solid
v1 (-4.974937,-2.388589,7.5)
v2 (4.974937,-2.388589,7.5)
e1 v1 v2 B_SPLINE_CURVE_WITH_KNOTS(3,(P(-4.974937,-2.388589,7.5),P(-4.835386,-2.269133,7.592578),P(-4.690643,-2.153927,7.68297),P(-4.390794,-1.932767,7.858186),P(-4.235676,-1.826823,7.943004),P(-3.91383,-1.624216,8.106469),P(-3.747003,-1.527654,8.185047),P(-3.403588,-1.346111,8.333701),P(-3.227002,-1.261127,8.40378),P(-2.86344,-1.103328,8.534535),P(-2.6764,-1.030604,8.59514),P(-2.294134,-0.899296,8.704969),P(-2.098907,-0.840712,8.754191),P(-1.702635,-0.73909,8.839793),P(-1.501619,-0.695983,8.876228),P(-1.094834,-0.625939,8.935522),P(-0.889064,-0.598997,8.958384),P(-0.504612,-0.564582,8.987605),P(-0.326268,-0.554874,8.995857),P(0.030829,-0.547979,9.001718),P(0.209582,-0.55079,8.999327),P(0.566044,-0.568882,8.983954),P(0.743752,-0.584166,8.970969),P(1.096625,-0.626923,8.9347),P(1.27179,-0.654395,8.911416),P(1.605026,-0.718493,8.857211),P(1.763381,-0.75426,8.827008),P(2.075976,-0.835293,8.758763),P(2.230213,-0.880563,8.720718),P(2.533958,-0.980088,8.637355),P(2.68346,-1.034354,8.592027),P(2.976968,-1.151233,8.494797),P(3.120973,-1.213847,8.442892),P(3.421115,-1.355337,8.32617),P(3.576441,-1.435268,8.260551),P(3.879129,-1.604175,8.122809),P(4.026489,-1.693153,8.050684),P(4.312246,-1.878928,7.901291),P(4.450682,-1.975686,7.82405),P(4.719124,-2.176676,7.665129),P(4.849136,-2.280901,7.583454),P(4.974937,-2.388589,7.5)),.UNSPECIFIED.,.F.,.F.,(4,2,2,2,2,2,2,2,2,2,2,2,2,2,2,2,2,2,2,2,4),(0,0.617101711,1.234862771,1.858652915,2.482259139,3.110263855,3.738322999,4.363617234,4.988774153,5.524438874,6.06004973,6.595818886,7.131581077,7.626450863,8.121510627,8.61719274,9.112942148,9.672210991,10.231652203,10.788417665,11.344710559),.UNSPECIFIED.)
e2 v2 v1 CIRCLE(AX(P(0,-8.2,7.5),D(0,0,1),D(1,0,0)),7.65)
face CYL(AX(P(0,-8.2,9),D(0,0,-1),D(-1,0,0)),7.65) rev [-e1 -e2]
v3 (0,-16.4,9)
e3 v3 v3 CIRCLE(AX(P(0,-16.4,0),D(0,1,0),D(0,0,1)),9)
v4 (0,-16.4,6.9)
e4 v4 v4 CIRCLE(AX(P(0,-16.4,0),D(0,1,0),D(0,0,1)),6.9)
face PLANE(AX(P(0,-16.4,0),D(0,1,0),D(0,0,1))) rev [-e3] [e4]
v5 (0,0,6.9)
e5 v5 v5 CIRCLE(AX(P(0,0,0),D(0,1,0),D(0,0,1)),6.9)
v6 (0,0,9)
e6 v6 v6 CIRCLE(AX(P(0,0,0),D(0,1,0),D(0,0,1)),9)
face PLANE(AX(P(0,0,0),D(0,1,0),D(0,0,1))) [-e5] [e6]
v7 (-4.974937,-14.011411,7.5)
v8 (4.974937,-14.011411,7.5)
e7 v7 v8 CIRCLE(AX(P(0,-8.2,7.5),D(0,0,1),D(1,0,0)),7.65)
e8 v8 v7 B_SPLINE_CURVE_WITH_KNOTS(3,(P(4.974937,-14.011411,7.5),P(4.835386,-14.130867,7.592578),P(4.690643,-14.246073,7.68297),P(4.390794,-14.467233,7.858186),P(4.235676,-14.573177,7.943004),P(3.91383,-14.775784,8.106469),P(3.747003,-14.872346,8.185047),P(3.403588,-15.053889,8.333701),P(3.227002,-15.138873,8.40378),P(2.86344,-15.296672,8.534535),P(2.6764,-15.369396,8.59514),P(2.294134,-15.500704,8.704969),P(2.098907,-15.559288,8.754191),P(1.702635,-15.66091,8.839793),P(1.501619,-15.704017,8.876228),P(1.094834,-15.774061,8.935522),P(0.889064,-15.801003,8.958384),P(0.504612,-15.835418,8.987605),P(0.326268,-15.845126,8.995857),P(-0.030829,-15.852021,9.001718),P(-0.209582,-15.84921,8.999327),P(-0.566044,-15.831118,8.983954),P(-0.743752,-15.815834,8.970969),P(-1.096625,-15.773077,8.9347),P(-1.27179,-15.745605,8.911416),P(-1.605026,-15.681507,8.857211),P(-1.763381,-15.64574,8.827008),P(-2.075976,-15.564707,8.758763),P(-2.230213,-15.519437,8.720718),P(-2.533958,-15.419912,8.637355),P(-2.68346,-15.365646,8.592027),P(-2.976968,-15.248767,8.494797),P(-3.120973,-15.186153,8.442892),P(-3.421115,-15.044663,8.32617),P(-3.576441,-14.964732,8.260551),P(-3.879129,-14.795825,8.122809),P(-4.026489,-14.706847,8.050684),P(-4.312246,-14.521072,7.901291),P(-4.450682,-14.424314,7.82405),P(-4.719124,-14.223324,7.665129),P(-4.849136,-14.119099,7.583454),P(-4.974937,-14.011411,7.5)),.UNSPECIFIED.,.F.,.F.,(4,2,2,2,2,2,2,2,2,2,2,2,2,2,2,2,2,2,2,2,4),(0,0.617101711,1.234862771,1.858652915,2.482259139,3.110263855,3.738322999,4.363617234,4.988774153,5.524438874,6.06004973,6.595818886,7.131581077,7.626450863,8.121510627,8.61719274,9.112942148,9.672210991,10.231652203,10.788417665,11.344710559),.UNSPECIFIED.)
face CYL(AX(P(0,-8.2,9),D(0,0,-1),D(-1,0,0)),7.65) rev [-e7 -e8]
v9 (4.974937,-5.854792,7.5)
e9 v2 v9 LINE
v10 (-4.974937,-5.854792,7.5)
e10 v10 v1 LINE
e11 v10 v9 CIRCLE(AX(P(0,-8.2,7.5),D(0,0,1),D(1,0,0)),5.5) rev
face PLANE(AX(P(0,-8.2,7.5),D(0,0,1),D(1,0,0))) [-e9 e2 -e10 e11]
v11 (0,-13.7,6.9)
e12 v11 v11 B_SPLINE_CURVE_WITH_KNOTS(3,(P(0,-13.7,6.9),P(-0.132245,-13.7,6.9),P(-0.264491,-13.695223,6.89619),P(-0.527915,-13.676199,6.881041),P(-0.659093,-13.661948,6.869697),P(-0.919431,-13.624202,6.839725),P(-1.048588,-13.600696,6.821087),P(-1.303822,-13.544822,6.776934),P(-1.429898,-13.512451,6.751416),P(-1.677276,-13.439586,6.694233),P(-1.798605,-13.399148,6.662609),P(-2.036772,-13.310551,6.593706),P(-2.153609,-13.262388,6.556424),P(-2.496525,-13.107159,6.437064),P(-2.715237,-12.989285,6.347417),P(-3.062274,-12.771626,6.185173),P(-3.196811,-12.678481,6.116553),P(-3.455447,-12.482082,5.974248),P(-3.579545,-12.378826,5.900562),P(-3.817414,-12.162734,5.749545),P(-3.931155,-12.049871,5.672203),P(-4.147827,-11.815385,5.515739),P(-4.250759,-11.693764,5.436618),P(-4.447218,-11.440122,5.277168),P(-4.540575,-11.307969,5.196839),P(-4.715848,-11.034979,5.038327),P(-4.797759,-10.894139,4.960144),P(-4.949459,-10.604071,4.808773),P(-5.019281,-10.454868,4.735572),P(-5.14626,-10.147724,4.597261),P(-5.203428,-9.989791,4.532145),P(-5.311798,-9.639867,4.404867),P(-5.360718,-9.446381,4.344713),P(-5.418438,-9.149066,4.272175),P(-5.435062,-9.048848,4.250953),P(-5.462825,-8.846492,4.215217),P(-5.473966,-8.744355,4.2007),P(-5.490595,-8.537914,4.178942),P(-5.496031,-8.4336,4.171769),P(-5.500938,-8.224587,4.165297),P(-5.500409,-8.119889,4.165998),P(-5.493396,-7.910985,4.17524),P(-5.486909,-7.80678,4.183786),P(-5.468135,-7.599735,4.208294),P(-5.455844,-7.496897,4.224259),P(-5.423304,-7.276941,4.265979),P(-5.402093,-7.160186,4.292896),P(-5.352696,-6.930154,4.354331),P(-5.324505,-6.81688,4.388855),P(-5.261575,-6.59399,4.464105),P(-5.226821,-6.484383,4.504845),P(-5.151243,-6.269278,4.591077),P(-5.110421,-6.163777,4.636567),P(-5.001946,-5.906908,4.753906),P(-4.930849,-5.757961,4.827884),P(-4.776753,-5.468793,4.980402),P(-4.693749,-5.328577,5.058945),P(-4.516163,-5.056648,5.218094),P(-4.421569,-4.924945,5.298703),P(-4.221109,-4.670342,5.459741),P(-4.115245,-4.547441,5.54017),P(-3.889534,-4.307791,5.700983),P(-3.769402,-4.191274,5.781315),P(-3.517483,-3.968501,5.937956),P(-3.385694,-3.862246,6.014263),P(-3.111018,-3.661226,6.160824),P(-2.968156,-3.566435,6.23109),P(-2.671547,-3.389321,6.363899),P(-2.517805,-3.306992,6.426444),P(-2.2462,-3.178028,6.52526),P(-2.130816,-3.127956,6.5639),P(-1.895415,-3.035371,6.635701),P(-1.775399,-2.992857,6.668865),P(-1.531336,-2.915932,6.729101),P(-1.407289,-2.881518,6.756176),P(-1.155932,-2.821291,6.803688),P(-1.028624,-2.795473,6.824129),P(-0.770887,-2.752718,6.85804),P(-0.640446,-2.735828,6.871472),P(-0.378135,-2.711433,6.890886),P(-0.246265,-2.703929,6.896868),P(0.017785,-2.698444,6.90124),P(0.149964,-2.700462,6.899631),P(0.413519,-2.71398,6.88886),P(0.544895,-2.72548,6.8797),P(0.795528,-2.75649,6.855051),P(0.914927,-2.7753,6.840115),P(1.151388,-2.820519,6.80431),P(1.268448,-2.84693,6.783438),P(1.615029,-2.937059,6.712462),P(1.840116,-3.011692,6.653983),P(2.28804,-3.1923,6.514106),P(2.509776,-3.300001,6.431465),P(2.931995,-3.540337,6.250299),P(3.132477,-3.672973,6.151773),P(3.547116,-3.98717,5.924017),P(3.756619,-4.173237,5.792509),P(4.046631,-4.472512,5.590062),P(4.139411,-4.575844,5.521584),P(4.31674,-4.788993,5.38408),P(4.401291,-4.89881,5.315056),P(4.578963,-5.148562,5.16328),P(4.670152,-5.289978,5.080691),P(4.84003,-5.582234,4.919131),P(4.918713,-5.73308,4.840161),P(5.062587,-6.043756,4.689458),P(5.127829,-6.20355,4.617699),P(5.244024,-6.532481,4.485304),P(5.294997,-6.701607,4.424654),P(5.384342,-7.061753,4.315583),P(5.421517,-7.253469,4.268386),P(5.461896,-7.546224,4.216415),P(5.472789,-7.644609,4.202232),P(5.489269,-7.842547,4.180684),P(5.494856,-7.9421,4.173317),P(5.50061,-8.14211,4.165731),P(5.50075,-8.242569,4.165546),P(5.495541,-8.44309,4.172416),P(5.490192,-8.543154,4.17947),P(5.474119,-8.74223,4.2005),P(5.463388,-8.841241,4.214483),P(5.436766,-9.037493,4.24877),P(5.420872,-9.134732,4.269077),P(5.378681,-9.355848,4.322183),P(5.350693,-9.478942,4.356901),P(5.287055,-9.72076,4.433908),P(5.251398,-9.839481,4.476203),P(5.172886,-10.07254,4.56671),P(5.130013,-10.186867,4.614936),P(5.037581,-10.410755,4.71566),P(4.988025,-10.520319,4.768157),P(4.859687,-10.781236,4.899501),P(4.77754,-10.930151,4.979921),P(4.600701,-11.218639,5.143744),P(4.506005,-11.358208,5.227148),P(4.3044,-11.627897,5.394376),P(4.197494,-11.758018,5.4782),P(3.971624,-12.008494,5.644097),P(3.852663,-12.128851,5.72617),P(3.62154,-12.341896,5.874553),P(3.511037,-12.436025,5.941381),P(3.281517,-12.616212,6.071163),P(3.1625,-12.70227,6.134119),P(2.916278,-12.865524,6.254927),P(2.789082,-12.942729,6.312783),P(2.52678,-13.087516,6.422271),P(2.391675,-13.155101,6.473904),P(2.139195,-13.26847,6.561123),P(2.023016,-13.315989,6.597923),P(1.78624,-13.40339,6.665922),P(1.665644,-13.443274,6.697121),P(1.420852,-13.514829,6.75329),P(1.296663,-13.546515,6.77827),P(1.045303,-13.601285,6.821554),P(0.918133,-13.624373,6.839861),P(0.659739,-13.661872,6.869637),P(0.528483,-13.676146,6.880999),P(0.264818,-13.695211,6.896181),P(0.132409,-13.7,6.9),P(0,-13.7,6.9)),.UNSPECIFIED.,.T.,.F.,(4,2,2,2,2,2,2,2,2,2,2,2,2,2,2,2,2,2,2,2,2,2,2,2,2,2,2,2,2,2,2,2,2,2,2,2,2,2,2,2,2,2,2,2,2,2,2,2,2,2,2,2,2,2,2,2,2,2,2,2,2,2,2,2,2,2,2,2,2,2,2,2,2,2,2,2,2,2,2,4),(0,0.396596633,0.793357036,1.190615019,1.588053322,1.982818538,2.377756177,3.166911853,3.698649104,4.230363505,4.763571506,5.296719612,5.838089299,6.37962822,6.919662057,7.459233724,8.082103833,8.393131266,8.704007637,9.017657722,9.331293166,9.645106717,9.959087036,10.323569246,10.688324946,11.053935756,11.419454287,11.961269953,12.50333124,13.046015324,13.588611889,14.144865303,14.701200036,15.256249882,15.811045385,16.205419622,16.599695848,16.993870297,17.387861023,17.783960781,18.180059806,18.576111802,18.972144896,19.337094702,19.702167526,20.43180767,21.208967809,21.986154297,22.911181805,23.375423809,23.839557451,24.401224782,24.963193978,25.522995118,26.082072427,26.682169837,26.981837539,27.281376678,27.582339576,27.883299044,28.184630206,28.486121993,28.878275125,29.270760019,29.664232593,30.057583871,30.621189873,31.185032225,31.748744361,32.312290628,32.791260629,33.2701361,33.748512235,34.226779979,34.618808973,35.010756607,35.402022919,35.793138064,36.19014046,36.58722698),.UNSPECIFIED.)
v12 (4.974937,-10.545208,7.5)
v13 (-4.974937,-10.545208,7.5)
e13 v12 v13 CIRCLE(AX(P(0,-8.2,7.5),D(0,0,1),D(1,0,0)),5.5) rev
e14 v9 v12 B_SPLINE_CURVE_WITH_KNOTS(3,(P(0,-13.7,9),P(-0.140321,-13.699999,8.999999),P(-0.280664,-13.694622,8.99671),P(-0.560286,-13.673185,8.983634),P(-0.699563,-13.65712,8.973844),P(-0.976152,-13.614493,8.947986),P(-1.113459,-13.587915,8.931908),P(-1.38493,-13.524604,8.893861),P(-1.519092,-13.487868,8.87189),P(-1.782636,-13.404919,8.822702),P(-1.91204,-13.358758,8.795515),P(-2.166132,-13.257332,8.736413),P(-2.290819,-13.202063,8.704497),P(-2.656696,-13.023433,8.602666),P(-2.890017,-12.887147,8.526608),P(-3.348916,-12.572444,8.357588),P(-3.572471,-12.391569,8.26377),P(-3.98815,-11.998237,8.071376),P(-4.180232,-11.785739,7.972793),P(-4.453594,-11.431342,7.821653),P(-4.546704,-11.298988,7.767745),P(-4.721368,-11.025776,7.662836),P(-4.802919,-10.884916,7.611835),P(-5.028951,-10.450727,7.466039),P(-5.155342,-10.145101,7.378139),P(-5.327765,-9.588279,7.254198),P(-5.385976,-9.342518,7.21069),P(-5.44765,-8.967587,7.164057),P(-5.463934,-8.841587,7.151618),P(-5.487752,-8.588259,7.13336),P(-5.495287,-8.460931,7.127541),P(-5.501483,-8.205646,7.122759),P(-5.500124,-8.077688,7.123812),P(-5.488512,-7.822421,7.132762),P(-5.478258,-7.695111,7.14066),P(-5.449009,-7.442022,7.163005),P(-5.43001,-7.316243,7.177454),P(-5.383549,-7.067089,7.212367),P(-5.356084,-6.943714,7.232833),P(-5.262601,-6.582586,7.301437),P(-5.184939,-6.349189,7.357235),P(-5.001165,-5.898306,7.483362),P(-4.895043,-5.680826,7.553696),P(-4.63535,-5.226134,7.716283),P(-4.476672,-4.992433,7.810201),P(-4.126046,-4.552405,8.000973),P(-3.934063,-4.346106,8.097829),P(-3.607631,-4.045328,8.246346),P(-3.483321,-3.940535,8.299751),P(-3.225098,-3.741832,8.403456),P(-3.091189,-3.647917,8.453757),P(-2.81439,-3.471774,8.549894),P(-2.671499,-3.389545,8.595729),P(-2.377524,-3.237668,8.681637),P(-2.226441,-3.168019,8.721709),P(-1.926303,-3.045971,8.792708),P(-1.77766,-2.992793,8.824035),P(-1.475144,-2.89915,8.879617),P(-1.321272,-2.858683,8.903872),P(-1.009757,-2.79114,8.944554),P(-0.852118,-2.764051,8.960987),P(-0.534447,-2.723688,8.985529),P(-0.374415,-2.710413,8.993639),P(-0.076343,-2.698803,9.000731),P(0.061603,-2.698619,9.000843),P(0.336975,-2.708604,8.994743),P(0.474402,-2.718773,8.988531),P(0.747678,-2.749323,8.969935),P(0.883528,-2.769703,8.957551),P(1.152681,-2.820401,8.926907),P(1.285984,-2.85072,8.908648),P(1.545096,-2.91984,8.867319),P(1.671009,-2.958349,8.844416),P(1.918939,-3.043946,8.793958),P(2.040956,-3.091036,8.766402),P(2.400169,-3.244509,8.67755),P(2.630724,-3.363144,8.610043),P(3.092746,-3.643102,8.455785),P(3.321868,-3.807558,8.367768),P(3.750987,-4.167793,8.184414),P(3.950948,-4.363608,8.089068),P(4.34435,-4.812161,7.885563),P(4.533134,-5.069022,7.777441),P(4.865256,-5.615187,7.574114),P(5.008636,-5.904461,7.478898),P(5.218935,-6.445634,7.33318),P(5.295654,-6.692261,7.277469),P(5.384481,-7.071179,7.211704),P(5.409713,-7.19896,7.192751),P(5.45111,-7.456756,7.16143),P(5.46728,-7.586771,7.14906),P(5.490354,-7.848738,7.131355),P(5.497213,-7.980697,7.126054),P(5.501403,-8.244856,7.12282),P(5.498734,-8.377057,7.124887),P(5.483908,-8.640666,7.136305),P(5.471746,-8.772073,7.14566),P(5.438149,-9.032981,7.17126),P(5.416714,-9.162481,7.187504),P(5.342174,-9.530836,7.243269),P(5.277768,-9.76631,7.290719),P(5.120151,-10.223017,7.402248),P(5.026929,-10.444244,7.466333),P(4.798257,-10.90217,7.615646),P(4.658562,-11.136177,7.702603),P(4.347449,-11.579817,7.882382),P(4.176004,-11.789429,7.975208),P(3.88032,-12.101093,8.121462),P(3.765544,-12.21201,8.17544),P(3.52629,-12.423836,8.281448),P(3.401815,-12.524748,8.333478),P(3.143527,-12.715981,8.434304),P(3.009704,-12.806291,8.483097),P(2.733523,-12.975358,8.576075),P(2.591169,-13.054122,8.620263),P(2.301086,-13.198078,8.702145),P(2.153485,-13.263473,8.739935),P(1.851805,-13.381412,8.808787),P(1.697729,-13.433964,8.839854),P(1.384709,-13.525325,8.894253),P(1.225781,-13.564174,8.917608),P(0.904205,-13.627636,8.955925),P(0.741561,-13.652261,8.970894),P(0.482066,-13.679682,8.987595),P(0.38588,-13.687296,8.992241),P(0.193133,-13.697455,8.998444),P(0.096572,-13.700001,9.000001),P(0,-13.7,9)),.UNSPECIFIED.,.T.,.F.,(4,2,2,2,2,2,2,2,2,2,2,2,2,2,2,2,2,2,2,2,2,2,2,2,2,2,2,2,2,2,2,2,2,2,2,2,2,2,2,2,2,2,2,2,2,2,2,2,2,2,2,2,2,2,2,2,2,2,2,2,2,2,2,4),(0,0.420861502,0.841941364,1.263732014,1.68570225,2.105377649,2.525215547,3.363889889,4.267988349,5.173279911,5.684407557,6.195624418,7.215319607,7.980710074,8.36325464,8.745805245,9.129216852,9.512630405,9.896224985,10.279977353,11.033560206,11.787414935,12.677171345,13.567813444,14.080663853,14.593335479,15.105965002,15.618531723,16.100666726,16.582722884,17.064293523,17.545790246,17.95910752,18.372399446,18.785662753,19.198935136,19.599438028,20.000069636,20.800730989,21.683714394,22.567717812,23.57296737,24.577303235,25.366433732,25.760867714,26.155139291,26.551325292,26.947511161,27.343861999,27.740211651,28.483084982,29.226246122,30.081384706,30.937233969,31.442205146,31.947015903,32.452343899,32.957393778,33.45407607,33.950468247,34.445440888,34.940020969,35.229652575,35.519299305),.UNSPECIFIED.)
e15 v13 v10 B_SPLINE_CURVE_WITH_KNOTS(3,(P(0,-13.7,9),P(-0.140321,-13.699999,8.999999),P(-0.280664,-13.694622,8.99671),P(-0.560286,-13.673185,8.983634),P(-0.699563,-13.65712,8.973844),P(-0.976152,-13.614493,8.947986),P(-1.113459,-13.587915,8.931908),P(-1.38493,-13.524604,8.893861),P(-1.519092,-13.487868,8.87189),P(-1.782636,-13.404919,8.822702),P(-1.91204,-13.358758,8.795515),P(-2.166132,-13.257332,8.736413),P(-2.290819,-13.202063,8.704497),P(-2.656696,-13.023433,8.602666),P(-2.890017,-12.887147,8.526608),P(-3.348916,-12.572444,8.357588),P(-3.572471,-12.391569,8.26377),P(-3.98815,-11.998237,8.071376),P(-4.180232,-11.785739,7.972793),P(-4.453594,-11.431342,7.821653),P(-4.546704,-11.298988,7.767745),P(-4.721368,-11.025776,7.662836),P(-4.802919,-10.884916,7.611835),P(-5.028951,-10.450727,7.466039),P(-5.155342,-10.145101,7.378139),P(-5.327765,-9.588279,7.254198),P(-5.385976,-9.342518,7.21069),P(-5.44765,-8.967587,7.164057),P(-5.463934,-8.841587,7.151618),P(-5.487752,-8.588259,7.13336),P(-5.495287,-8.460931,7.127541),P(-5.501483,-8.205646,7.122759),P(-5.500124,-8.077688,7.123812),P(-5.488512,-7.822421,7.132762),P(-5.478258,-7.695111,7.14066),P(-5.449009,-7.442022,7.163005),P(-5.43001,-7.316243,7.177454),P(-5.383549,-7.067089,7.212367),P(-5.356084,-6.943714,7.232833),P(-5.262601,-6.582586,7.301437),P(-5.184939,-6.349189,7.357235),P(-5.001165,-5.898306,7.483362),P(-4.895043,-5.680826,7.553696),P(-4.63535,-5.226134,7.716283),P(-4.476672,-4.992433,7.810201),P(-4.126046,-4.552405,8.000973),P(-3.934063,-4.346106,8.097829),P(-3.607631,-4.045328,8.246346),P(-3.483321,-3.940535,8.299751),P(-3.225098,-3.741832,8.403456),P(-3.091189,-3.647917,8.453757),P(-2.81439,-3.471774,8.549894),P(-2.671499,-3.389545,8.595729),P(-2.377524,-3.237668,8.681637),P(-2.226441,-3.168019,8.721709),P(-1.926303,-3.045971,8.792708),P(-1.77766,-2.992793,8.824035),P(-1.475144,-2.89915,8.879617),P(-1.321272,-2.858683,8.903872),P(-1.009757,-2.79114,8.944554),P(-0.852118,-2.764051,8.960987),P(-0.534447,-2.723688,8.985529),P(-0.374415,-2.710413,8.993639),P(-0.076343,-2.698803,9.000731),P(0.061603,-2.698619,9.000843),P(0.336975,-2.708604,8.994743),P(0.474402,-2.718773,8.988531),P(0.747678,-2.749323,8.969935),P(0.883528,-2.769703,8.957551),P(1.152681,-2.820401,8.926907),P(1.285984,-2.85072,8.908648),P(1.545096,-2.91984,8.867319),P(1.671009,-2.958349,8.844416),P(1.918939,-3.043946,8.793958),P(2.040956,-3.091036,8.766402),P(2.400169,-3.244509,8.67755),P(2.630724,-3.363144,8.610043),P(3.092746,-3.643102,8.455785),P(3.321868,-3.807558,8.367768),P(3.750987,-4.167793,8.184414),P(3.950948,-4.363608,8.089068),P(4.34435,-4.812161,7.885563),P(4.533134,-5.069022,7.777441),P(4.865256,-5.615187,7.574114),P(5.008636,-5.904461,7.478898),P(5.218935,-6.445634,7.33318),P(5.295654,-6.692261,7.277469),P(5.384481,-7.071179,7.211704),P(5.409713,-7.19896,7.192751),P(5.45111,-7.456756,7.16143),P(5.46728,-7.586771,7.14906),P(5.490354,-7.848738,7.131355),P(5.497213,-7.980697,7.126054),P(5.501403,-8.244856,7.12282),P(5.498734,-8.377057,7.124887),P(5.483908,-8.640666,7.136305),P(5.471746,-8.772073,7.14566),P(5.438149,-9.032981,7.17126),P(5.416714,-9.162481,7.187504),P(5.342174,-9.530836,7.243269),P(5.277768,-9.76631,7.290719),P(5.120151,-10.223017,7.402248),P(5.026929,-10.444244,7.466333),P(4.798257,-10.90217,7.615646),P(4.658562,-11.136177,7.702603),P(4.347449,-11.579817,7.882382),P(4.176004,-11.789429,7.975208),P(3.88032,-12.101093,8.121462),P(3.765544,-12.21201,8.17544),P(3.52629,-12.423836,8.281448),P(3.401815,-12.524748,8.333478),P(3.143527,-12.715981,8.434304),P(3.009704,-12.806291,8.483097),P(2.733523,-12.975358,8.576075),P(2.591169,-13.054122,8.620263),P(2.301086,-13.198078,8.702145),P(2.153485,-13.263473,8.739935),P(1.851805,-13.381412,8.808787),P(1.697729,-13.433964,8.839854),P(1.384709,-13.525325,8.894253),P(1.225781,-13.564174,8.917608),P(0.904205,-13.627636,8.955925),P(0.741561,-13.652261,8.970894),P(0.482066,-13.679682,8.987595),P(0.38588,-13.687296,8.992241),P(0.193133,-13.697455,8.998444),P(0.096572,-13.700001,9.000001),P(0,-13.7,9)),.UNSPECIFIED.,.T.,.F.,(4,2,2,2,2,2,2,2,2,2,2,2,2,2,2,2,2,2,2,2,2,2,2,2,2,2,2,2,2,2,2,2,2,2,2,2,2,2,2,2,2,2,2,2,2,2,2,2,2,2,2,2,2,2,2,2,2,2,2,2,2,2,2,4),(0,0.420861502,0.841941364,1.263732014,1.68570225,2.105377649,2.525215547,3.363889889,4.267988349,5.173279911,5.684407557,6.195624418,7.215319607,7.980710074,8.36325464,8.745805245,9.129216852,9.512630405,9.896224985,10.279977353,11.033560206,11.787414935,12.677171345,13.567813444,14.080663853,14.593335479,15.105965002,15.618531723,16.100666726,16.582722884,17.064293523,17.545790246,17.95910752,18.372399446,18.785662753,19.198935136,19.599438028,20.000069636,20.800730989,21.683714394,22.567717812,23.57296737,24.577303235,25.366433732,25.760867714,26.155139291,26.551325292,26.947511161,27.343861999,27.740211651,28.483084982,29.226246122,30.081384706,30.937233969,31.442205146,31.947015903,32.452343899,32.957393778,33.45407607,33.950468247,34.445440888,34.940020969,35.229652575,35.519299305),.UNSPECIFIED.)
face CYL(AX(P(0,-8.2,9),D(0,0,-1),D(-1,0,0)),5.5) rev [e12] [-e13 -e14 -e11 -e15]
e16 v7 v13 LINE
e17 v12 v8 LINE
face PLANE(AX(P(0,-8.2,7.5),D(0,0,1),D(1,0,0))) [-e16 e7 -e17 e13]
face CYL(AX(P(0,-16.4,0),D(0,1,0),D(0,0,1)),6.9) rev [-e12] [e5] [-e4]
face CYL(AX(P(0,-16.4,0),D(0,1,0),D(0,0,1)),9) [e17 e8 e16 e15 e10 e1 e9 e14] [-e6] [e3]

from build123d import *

# Parameters (mm, degrees)
SKETCH1_R               = 9
SKETCH1_R_2             = 6.9
BOSS_EXTRUDE1_DEPTH     = 16.4
CUT_EXTRUDE5_START      = 7.5
SKETCH3_R               = 7.65
CUT_EXTRUDE5_DEPTH      = 14.259576104
CUT_EXTRUDE6_DEPTH      = 25.944137756
CUT_EXTRUDE6_DEPTH_BACK = 7
SKETCH6_R               = 5.5


with BuildPart() as part:
    # Sketch1 → Boss-Extrude1 (new body)
    with BuildSketch(Plane(origin=(0, 0, 0), x_dir=(1, 0, 0), z_dir=(0, 1, 0))):
        with Locations(Location((0, 0, 0), (0, 0, 270))):
            Circle(SKETCH1_R)
        with Locations(Location((0, 0, 0), (0, 0, 270))):
            Circle(SKETCH1_R_2, mode=Mode.SUBTRACT)
    extrude(amount=-BOSS_EXTRUDE1_DEPTH)

    # Sketch3 → Cut-Extrude5 (cut, through all)
    with BuildSketch(Plane.XY.offset(CUT_EXTRUDE5_START)):
        with Locations((0, -8.2)):
            Circle(SKETCH3_R)
    extrude(amount=CUT_EXTRUDE5_DEPTH, mode=Mode.SUBTRACT)

    # Sketch6 → Cut-Extrude6 (cut, two sides: drawn at the far end of the back side and taken through both)
    with BuildSketch(Plane.XY.offset(7.5).offset(-CUT_EXTRUDE6_DEPTH_BACK)):
        with Locations(Location((0, -8.2, 0), (0, 0, 205.239401821))):
            Circle(SKETCH6_R)
    extrude(amount=CUT_EXTRUDE6_DEPTH + CUT_EXTRUDE6_DEPTH_BACK, mode=Mode.SUBTRACT)


solid = part.part
